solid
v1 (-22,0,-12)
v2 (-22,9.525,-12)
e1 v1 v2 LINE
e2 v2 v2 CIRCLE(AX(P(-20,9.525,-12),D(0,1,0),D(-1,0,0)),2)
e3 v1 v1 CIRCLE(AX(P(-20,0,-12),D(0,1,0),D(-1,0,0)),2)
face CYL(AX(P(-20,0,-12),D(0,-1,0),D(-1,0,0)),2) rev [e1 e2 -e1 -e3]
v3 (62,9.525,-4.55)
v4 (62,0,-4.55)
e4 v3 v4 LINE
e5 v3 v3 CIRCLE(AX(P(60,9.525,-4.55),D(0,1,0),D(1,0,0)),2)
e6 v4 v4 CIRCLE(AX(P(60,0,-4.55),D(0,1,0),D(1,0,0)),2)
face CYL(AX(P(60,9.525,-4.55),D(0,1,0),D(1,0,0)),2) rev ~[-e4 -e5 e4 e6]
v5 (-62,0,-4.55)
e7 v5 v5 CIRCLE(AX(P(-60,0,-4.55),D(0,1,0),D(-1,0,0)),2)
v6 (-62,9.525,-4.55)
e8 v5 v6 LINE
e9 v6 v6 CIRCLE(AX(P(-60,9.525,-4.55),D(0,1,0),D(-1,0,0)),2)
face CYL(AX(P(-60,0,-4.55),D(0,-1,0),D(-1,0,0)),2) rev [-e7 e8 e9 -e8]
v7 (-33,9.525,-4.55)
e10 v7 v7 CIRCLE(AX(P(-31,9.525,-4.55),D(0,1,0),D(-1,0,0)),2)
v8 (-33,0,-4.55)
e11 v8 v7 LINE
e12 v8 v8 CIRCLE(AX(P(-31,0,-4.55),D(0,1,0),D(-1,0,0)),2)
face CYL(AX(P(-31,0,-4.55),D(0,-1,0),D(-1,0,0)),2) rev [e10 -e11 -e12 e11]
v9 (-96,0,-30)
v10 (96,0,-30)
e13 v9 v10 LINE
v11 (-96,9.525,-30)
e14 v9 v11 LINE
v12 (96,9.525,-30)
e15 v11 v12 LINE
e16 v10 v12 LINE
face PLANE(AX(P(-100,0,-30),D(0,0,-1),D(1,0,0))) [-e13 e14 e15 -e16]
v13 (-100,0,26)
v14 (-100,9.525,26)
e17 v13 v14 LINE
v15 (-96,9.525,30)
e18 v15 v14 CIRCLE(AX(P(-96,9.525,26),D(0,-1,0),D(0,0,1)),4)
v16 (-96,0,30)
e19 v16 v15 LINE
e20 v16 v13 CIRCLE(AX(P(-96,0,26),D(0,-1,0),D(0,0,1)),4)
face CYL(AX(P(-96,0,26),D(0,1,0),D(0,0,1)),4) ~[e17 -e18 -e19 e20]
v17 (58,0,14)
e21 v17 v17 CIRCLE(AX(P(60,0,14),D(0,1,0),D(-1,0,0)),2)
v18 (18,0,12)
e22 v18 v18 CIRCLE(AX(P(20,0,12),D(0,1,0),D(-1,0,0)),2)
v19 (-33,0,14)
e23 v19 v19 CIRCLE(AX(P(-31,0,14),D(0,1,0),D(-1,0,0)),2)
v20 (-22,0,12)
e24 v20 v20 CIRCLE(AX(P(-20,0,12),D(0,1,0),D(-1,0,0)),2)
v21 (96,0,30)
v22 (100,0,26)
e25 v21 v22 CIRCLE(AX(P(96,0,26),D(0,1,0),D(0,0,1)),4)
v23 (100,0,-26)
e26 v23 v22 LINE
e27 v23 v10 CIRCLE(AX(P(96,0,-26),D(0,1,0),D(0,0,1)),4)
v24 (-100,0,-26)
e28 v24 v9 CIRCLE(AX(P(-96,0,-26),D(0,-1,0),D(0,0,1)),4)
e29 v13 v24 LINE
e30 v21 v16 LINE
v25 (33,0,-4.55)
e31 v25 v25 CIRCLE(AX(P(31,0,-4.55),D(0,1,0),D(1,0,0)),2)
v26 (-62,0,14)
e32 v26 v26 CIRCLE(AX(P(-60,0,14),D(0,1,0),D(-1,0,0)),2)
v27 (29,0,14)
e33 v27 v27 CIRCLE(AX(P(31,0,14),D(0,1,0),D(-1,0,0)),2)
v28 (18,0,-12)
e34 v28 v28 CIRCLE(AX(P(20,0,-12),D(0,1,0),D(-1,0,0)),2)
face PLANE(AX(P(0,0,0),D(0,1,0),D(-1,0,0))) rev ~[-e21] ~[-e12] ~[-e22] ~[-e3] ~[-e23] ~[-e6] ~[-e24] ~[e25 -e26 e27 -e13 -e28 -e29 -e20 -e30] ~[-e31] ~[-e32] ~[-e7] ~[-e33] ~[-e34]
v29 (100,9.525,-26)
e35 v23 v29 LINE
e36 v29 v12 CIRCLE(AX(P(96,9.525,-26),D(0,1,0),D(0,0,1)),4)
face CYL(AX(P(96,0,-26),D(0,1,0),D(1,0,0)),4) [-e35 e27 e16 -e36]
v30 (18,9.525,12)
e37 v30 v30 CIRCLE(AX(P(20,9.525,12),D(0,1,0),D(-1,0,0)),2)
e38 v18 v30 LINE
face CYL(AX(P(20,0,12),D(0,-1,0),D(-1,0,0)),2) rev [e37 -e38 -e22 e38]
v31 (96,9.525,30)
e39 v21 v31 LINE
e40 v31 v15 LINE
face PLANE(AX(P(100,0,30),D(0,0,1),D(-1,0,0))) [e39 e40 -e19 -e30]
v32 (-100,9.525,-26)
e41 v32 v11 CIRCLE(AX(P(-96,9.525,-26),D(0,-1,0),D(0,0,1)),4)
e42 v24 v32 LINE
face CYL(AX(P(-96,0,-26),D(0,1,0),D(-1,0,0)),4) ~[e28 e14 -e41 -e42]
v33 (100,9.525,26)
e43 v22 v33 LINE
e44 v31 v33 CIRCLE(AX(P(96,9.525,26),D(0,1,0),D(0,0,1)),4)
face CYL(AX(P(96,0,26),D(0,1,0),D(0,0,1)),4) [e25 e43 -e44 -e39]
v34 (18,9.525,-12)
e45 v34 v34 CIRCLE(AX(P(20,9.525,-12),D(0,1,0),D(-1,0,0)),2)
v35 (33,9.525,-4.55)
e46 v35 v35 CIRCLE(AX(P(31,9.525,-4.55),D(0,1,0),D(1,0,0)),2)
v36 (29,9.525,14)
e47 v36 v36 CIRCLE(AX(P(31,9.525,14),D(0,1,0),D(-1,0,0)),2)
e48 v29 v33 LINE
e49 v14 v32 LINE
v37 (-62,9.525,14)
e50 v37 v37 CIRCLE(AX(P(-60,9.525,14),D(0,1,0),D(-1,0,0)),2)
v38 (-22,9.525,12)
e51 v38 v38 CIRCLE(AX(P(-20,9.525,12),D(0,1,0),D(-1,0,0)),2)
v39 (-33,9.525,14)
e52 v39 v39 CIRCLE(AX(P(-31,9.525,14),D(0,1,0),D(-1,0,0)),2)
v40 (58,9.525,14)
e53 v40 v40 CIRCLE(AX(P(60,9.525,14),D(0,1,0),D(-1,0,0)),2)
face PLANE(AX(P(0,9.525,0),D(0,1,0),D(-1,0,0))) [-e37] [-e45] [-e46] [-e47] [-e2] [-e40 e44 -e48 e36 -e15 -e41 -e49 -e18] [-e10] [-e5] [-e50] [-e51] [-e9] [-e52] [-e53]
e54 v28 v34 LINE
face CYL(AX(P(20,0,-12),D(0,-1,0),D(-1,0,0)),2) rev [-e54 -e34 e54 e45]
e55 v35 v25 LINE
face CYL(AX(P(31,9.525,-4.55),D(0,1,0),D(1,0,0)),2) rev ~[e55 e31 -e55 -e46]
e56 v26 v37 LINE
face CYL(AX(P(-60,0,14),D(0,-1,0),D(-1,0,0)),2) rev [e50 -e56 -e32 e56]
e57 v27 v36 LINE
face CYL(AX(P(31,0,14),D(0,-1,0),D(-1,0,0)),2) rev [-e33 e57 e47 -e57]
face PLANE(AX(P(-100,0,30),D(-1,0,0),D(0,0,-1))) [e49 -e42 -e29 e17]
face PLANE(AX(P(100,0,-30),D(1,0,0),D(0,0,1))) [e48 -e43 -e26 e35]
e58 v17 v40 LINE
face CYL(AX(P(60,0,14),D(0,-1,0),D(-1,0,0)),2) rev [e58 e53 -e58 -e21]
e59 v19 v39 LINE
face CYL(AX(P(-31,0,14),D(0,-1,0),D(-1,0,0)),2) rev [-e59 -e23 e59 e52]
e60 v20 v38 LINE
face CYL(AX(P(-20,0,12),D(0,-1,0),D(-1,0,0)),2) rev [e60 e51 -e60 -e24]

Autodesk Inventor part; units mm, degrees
ref_plane "YZ Plane" through (0, 0, 0) normal (1, 0, 0) x (0, 1, 0)
ref_plane "XZ Plane" through (0, 0, 0) normal (0, 1, 0) x (-1, 0, 0)
ref_plane "XY Plane" through (0, 0, 0) normal (0, 0, 1) x (1, 0, 0)
sketch "Sketch1" plane through (0, 0, 0) normal (0, 1, 0) x (-1, 0, 0)
  line L0 (-100, 30) -> (100, 30)
  line L1 (100, 30) -> (100, -30)
  line L2 (100, -30) -> (-100, -30)
  line L3 (-100, -30) -> (-100, 30)
  circle A0 centre (60, 14) radius 2
  circle A1 centre (31, 14) radius 2
  circle A2 centre (-31, 14) radius 2
  circle A3 centre (-60, 14) radius 2
  circle A4 centre (20, 12) radius 2
  circle A5 centre (-20, 12) radius 2
  circle A6 centre (60, -4.55) radius 2
  circle A7 centre (31, -4.55) radius 2
  circle A8 centre (20, -12) radius 2
  circle A9 centre (-20, -12) radius 2
  circle A10 centre (-31, -4.55) radius 2
  circle A11 centre (-60, -4.55) radius 2
  point P0 (0, 0)
  dimension "d0" = 200
  dimension "d1" = 60
  dimension "d7" = 4
  dimension "d12" = 4
  dimension "d15" = 4
  dimension "d16" = 4
  dimension "d18" = 4
  dimension "d19" = 4
  dimension "d23" = 4
  dimension "d24" = 4
  dimension "d25" = 18.55
  dimension "d30" = 100
extrude "Extrusion1" add sketch "Sketch1" along normal blind 9.525 contours L0 L1 L2 L3 | A10 | A11
fillet "Fillet1" radius 4 4 edges at (100, 4.7625, -30) (-100, 4.7625, -30) (100, 4.7625, 30) (-100, 4.7625, 30)
sketch "Sketch2" plane through (0, 9.525, 0) normal (0, 1, 0) x (1, 0, 0)
  circle A0 centre (31, -14) radius 2 projected
  circle A1 centre (60, -14) radius 2 projected
  circle A2 centre (31, 4.55) radius 2
  circle A3 centre (60, 4.55) radius 2
  point P0 (0, 0)
  dimension "d26" = 4
  dimension "d27" = 4
extrude "Extrusion2" cut sketch "Sketch2" against normal blind 9.525 contours A2 | A3
properties part number "Placa Herramienta"
